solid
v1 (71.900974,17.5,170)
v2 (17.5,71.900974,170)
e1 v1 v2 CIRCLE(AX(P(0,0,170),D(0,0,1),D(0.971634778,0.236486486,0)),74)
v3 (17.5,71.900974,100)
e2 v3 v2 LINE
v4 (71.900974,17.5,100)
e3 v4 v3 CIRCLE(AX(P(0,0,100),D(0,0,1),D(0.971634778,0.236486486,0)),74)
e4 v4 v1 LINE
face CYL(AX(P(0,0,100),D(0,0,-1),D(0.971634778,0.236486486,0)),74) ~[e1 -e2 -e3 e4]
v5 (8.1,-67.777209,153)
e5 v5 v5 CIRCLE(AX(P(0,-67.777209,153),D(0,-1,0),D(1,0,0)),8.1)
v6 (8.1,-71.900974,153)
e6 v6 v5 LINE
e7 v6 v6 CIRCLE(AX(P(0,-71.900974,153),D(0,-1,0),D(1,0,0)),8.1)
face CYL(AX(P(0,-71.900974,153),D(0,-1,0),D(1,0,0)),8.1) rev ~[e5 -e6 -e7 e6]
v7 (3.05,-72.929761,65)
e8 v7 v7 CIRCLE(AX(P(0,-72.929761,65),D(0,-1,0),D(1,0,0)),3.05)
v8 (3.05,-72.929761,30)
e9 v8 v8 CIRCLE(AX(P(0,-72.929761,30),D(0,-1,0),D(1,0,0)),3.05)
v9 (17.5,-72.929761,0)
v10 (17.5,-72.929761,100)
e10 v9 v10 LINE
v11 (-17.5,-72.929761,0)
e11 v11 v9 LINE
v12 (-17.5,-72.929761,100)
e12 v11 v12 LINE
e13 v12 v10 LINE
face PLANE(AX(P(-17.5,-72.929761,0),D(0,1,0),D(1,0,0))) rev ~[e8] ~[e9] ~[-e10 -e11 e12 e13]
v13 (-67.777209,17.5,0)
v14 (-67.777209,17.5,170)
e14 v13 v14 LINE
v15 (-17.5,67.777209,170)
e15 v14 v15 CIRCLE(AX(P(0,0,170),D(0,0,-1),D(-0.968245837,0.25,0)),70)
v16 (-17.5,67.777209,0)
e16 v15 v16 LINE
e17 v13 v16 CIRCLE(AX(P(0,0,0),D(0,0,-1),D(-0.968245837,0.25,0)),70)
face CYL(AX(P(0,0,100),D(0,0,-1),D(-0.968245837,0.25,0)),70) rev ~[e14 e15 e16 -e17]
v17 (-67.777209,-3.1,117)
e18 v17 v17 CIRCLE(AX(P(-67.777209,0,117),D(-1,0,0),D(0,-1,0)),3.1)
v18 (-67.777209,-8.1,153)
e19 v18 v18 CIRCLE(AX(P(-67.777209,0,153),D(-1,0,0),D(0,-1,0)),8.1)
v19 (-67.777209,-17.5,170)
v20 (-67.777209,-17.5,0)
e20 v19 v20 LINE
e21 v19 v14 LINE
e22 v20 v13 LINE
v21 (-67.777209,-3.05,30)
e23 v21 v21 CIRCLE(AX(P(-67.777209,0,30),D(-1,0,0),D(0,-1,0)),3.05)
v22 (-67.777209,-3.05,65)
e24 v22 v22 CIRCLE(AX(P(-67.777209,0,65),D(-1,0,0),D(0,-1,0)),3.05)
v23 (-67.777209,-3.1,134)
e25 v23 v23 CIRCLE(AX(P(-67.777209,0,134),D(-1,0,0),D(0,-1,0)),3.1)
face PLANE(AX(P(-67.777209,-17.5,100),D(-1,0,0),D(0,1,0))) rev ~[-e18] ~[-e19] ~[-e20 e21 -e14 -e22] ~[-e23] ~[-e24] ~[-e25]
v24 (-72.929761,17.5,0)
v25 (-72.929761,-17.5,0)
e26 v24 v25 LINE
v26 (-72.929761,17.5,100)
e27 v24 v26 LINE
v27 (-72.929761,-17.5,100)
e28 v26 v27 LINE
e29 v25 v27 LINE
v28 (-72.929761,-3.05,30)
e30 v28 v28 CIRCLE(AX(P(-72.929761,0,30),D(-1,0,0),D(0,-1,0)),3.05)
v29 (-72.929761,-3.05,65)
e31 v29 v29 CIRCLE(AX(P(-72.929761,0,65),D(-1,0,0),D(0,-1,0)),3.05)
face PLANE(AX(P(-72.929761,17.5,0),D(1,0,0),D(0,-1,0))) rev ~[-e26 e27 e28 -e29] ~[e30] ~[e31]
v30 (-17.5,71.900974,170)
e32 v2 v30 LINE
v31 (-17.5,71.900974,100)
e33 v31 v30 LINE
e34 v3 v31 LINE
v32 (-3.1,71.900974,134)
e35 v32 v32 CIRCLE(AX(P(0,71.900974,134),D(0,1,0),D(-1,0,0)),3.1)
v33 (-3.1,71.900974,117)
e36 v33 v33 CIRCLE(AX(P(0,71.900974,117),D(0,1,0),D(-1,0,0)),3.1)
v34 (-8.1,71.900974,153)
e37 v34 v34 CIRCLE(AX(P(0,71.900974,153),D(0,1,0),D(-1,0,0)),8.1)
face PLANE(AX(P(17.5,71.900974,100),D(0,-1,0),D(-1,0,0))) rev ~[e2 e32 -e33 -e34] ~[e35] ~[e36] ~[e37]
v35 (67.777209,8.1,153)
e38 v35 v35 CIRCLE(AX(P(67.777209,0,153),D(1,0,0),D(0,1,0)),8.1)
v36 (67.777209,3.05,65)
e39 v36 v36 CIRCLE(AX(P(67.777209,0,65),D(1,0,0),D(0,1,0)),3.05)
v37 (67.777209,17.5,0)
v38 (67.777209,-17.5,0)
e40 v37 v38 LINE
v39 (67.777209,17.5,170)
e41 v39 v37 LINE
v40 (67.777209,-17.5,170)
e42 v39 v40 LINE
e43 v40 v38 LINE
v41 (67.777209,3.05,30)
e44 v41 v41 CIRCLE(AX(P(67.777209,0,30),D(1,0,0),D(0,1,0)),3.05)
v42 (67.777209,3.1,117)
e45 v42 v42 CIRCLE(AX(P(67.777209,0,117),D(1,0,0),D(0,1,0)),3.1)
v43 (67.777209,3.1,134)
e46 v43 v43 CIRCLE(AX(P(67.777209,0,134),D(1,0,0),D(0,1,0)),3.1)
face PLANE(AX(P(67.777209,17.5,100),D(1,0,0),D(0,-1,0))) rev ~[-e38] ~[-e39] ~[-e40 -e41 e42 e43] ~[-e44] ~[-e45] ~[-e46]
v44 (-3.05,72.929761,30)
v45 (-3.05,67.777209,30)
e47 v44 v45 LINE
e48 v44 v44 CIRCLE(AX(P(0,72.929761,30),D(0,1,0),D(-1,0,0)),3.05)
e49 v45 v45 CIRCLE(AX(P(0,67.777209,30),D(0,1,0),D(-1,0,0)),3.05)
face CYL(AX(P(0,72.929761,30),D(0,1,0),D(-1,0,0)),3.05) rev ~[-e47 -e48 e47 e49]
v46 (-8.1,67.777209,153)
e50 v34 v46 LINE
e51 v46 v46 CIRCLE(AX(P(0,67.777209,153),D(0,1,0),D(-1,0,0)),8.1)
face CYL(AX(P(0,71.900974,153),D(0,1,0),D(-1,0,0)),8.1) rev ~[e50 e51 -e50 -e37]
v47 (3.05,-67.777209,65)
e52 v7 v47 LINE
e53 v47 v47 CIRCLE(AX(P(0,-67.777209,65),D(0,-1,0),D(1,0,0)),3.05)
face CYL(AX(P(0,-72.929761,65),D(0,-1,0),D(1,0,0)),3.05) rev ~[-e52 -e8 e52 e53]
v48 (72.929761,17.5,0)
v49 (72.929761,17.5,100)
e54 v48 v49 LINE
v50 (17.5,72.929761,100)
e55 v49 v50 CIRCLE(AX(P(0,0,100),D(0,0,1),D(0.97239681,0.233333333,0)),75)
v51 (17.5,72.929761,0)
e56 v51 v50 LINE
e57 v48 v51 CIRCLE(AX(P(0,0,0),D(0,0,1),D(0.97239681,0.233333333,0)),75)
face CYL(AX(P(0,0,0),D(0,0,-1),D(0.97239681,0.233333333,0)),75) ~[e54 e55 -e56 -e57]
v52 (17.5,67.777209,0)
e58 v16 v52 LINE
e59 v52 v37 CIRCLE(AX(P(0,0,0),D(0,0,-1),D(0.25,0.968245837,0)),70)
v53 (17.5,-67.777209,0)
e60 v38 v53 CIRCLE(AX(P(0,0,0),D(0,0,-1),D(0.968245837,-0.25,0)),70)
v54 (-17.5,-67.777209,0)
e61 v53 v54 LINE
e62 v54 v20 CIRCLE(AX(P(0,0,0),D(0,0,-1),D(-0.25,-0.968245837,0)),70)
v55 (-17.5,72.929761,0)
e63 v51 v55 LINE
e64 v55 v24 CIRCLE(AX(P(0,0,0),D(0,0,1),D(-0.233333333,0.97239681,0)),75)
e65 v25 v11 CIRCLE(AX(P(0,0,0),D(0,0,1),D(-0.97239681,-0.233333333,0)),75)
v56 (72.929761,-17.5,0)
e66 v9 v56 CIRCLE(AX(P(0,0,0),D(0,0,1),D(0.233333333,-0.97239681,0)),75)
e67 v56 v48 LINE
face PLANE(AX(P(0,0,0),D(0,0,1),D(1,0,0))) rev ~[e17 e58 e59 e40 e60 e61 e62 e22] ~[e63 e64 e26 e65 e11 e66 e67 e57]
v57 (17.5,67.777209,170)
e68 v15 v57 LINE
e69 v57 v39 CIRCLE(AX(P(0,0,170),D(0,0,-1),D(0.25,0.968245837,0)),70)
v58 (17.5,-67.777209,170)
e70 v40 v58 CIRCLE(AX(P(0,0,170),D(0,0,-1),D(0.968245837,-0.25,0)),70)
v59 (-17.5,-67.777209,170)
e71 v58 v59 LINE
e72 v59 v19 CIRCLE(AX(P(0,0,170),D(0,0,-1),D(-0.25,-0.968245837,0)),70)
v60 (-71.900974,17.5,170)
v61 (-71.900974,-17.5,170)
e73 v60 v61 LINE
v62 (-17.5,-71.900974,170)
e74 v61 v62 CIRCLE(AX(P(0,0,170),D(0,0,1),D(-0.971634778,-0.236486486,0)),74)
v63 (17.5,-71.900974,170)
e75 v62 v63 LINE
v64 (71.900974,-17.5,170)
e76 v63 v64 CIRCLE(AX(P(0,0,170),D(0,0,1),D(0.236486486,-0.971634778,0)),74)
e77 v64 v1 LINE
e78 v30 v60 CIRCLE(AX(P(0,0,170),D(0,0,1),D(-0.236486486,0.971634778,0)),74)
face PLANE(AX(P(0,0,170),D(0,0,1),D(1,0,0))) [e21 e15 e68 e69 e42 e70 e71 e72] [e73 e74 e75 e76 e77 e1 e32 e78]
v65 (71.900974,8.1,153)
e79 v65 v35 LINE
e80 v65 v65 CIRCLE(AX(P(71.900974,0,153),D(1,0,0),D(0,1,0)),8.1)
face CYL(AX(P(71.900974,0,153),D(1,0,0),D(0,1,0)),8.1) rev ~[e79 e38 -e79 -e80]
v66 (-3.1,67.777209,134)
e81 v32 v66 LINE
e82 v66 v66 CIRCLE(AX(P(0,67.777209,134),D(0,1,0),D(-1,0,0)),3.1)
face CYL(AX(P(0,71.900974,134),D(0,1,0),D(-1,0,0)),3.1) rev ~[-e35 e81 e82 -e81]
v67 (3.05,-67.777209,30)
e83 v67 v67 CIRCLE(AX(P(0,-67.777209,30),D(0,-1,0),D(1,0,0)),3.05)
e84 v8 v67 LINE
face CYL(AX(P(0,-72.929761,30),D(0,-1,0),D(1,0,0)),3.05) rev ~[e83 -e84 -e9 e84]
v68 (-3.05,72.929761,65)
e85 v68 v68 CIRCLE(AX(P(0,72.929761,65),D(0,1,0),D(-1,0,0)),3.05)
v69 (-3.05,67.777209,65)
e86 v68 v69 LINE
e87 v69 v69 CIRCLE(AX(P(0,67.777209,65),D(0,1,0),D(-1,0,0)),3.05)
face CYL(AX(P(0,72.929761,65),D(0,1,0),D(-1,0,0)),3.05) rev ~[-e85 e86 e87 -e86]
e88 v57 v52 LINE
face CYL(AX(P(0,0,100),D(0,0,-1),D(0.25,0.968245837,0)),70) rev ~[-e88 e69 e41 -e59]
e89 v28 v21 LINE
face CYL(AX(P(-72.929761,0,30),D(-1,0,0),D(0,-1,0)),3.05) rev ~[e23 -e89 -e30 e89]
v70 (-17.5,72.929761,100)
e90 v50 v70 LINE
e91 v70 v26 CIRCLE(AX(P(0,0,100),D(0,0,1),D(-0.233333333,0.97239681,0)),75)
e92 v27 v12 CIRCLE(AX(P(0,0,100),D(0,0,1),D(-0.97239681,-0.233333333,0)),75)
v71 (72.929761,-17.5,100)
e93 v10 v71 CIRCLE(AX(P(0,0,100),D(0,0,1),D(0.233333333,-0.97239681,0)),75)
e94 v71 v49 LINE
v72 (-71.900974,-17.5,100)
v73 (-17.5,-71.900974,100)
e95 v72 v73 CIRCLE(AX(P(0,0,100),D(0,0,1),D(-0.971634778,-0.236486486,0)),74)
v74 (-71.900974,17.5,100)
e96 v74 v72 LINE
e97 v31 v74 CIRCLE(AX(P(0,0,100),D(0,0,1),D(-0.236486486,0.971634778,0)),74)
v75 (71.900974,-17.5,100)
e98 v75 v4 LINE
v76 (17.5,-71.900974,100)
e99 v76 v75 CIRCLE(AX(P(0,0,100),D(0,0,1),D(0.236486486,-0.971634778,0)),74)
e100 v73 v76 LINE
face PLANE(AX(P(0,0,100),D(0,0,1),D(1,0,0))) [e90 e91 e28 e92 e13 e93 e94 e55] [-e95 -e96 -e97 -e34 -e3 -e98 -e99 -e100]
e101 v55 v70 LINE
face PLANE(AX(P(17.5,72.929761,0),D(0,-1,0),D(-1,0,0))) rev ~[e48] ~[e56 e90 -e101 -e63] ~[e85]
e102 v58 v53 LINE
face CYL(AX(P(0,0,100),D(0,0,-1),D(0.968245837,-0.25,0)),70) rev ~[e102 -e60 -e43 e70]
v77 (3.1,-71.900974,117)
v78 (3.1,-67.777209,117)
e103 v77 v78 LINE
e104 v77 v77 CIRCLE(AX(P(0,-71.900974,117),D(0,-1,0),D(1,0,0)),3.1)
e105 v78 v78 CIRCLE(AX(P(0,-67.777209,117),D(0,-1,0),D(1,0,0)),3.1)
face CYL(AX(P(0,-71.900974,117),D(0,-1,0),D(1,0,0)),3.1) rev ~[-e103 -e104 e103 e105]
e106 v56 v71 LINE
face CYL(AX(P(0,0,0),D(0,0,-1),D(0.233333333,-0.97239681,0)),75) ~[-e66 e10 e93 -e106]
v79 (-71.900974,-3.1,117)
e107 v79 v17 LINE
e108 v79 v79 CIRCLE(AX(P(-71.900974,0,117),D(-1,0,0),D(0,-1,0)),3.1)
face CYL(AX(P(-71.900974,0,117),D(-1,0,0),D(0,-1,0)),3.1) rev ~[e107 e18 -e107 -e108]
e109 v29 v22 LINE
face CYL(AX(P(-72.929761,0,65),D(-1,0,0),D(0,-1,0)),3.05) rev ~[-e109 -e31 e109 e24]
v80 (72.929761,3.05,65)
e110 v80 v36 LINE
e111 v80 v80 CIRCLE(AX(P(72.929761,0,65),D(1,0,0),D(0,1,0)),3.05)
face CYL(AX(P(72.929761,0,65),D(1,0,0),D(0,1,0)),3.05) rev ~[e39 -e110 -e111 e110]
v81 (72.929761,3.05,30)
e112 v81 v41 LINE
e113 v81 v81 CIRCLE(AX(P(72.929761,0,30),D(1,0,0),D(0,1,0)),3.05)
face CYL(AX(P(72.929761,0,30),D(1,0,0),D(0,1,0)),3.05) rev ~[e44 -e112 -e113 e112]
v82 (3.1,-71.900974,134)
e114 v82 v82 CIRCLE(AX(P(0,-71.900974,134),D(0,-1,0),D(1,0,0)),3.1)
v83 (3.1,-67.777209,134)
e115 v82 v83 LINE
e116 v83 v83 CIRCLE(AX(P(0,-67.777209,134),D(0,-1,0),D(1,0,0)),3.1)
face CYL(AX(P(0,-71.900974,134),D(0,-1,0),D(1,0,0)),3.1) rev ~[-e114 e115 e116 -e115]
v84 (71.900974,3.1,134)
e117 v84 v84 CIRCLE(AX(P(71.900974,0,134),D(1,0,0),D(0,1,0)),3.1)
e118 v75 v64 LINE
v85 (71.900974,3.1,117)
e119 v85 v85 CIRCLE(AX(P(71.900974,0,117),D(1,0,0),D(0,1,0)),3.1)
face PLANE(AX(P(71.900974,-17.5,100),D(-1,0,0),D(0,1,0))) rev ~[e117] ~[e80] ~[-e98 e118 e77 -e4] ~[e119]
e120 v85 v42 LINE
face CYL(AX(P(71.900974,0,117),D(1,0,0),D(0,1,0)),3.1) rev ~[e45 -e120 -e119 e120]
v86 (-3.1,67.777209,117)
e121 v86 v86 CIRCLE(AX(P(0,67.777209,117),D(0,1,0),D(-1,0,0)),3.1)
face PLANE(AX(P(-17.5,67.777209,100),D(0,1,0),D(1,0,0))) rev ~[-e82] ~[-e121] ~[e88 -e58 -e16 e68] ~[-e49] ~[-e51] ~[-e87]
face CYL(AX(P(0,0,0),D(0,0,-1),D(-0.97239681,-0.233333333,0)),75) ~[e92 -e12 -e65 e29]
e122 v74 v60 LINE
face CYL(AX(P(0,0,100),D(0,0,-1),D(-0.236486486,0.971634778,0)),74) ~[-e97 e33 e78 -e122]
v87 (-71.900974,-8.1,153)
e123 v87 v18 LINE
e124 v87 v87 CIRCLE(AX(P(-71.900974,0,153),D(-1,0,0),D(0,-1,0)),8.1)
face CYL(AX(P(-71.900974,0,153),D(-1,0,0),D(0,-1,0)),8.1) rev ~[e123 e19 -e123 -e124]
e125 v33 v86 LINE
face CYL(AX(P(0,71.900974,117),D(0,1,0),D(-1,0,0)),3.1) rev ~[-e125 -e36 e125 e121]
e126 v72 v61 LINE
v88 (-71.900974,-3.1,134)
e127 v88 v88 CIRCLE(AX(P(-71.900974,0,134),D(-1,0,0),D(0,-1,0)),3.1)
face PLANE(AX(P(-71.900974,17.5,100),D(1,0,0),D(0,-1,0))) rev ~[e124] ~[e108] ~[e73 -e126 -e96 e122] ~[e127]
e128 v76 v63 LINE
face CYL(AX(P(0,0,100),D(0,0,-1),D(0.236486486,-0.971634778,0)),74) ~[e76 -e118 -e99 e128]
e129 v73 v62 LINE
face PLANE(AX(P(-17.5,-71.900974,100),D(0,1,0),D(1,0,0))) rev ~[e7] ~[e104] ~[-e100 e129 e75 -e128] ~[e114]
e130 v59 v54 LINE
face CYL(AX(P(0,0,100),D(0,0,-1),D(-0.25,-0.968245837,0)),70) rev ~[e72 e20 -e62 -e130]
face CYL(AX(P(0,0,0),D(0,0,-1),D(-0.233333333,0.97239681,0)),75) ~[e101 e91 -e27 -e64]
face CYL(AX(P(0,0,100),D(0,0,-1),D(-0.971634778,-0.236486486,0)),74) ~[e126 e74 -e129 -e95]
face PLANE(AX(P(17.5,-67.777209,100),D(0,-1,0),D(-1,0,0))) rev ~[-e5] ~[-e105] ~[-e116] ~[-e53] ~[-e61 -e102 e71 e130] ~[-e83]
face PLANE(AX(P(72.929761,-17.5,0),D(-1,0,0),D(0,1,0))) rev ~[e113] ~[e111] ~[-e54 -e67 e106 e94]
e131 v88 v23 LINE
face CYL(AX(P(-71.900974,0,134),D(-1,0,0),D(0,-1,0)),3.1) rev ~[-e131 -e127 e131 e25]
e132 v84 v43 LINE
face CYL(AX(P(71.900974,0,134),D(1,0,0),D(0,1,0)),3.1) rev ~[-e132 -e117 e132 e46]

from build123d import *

# Parameters (mm, degrees)
F1_DEPTH  = 100
F3_DEPTH  = 70
F4_R      = 8.1
F4_R_2    = 3.1
F5_DEPTH  = 4.1237650092
F6_R      = 8.1
F6_R_2    = 3.1
F7_DEPTH  = 4.1237650092
F8_R      = 8.1
F8_R_2    = 3.1
F9_DEPTH  = 4.1237650092
F10_R     = 8.1
F10_R_2   = 3.1
F11_DEPTH = 4.1237650092
F12_R     = 3.05
F13_DEPTH = 5.1525521704
F14_R     = 3.05
F15_DEPTH = 5.1525521704
F16_R     = 3.05
F17_DEPTH = 5.1525521704
F18_R     = 3.05
F19_DEPTH = 5.1525521704


with BuildPart() as f1:
    # F0 (on Top) → F1 (new body)
    with BuildSketch(Plane.XY):
        with BuildLine():
            Line((17.5, 72.9297607291), (-17.5, 72.9297607291))
            ThreePointArc((-17.5, 72.9297607291), (-53.033008589, 53.033008589), (-72.9297607291, 17.5))
            Line((-72.9297607291, 17.5), (-72.9297607291, -17.5))
            ThreePointArc((-72.9297607291, -17.5), (-53.033008589, -53.033008589), (-17.5, -72.9297607291))
            Line((-17.5, -72.9297607291), (17.5, -72.9297607291))
            ThreePointArc((17.5, -72.9297607291), (53.033008589, -53.033008589), (72.9297607291, -17.5))
            Line((72.9297607291, -17.5), (72.9297607291, 17.5))
            ThreePointArc((72.9297607291, 17.5), (53.033008589, 53.033008589), (17.5, 72.9297607291))
        make_face()
        with BuildLine():
            ThreePointArc((-67.7772085586, 17.5), (-49.4974746831, 49.4974746831), (-17.5, 67.7772085586))
            Line((-17.5, 67.7772085586), (17.5, 67.7772085586))
            ThreePointArc((17.5, 67.7772085586), (49.4974746831, 49.4974746831), (67.7772085586, 17.5))
            Line((67.7772085586, 17.5), (67.7772085586, -17.5))
            ThreePointArc((67.7772085586, -17.5), (49.4974746831, -49.4974746831), (17.5, -67.7772085586))
            Line((17.5, -67.7772085586), (-17.5, -67.7772085586))
            ThreePointArc((-17.5, -67.7772085586), (-49.4974746831, -49.4974746831), (-67.7772085586, -17.5))
            Line((-67.7772085586, -17.5), (-67.7772085586, 17.5))
        make_face(mode=Mode.SUBTRACT)
    extrude(amount=F1_DEPTH)

    # F2 (on face) → F3 (join)
    with BuildSketch(Plane.XY.offset(100)):
        with BuildLine():
            Line((17.5, 71.9009735678), (-17.5, 71.9009735678))
            ThreePointArc((-17.5, 71.9009735678), (-52.3259018078, 52.3259018078), (-71.9009735678, 17.5))
            Line((-71.9009735678, 17.5), (-71.9009735678, -17.5))
            ThreePointArc((-71.9009735678, -17.5), (-52.3259018078, -52.3259018078), (-17.5, -71.9009735678))
            Line((-17.5, -71.9009735678), (17.5, -71.9009735678))
            ThreePointArc((17.5, -71.9009735678), (52.3259018078, -52.3259018078), (71.9009735678, -17.5))
            Line((71.9009735678, -17.5), (71.9009735678, 17.5))
            ThreePointArc((71.9009735678, 17.5), (52.3259018078, 52.3259018078), (17.5, 71.9009735678))
        make_face()
        with BuildLine():
            ThreePointArc((-67.7772085586, 17.5), (-49.4974746831, 49.4974746831), (-17.5, 67.7772085586))
            Line((-17.5, 67.7772085586), (17.5, 67.7772085586))
            ThreePointArc((17.5, 67.7772085586), (49.4974746831, 49.4974746831), (67.7772085586, 17.5))
            Line((67.7772085586, 17.5), (67.7772085586, -17.5))
            ThreePointArc((67.7772085586, -17.5), (49.4974746831, -49.4974746831), (17.5, -67.7772085586))
            Line((17.5, -67.7772085586), (-17.5, -67.7772085586))
            ThreePointArc((-17.5, -67.7772085586), (-49.4974746831, -49.4974746831), (-67.7772085586, -17.5))
            Line((-67.7772085586, -17.5), (-67.7772085586, 17.5))
        make_face(mode=Mode.SUBTRACT)
    extrude(amount=F3_DEPTH)

    # F4 (on face) → F5 (cut, through all)
    with BuildSketch(Plane.XZ.offset(71.9009735678)):
        with Locations((0, 153)):
            Circle(F4_R)
        with Locations((0, 134)):
            Circle(F4_R_2)
        with Locations((0, 117)):
            Circle(F4_R_2)
    extrude(amount=-F5_DEPTH, mode=Mode.SUBTRACT)

    # F6 (on face) → F7 (cut, through all)
    with BuildSketch(Plane.YZ.offset(71.9009735678)):
        with Locations((0, 153)):
            Circle(F6_R)
        with Locations((0, 134)):
            Circle(F6_R_2)
        with Locations((0, 117)):
            Circle(F6_R_2)
    extrude(amount=-F7_DEPTH, mode=Mode.SUBTRACT)

    # F8 (on face) → F9 (cut, through all)
    with BuildSketch(Plane(origin=(0, 71.9009735678, 0), x_dir=(-1, 0, 0), z_dir=(0, 1, 0))):
        with Locations((0, 153)):
            Circle(F8_R)
        with Locations((0, 134)):
            Circle(F8_R_2)
        with Locations((0, 117)):
            Circle(F8_R_2)
    extrude(amount=-F9_DEPTH, mode=Mode.SUBTRACT)

    # F10 (on face) → F11 (cut, through all)
    with BuildSketch(Plane(origin=(-71.9009735678, 0, 0), x_dir=(0, -1, 0), z_dir=(-1, 0, 0))):
        with Locations((0, 153)):
            Circle(F10_R)
        with Locations((0, 134)):
            Circle(F10_R_2)
        with Locations((0, 117)):
            Circle(F10_R_2)
    extrude(amount=-F11_DEPTH, mode=Mode.SUBTRACT)

    # F12 (on face) → F13 (cut, through all)
    with BuildSketch(Plane.YZ.offset(72.9297607291)):
        with Locations((0, 65)):
            Circle(F12_R)
        with Locations((0, 30)):
            Circle(F12_R)
    extrude(amount=-F13_DEPTH, mode=Mode.SUBTRACT)

    # F14 (on face) → F15 (cut, through all)
    with BuildSketch(Plane.XZ.offset(72.9297607291)):
        with Locations((0, 65)):
            Circle(F14_R)
        with Locations((0, 30)):
            Circle(F14_R)
    extrude(amount=-F15_DEPTH, mode=Mode.SUBTRACT)

    # F16 (on face) → F17 (cut, through all)
    with BuildSketch(Plane(origin=(0, 72.9297607291, 0), x_dir=(-1, 0, 0), z_dir=(0, 1, 0))):
        with Locations((0, 65)):
            Circle(F16_R)
        with Locations((0, 30)):
            Circle(F16_R)
    extrude(amount=-F17_DEPTH, mode=Mode.SUBTRACT)

    # F18 (on face) → F19 (cut, through all)
    with BuildSketch(Plane(origin=(-72.9297607291, 0, 0), x_dir=(0, -1, 0), z_dir=(-1, 0, 0))):
        with Locations((0, 65)):
            Circle(F18_R)
        with Locations((0, 30)):
            Circle(F18_R)
    extrude(amount=-F19_DEPTH, mode=Mode.SUBTRACT)


solid = f1.part
